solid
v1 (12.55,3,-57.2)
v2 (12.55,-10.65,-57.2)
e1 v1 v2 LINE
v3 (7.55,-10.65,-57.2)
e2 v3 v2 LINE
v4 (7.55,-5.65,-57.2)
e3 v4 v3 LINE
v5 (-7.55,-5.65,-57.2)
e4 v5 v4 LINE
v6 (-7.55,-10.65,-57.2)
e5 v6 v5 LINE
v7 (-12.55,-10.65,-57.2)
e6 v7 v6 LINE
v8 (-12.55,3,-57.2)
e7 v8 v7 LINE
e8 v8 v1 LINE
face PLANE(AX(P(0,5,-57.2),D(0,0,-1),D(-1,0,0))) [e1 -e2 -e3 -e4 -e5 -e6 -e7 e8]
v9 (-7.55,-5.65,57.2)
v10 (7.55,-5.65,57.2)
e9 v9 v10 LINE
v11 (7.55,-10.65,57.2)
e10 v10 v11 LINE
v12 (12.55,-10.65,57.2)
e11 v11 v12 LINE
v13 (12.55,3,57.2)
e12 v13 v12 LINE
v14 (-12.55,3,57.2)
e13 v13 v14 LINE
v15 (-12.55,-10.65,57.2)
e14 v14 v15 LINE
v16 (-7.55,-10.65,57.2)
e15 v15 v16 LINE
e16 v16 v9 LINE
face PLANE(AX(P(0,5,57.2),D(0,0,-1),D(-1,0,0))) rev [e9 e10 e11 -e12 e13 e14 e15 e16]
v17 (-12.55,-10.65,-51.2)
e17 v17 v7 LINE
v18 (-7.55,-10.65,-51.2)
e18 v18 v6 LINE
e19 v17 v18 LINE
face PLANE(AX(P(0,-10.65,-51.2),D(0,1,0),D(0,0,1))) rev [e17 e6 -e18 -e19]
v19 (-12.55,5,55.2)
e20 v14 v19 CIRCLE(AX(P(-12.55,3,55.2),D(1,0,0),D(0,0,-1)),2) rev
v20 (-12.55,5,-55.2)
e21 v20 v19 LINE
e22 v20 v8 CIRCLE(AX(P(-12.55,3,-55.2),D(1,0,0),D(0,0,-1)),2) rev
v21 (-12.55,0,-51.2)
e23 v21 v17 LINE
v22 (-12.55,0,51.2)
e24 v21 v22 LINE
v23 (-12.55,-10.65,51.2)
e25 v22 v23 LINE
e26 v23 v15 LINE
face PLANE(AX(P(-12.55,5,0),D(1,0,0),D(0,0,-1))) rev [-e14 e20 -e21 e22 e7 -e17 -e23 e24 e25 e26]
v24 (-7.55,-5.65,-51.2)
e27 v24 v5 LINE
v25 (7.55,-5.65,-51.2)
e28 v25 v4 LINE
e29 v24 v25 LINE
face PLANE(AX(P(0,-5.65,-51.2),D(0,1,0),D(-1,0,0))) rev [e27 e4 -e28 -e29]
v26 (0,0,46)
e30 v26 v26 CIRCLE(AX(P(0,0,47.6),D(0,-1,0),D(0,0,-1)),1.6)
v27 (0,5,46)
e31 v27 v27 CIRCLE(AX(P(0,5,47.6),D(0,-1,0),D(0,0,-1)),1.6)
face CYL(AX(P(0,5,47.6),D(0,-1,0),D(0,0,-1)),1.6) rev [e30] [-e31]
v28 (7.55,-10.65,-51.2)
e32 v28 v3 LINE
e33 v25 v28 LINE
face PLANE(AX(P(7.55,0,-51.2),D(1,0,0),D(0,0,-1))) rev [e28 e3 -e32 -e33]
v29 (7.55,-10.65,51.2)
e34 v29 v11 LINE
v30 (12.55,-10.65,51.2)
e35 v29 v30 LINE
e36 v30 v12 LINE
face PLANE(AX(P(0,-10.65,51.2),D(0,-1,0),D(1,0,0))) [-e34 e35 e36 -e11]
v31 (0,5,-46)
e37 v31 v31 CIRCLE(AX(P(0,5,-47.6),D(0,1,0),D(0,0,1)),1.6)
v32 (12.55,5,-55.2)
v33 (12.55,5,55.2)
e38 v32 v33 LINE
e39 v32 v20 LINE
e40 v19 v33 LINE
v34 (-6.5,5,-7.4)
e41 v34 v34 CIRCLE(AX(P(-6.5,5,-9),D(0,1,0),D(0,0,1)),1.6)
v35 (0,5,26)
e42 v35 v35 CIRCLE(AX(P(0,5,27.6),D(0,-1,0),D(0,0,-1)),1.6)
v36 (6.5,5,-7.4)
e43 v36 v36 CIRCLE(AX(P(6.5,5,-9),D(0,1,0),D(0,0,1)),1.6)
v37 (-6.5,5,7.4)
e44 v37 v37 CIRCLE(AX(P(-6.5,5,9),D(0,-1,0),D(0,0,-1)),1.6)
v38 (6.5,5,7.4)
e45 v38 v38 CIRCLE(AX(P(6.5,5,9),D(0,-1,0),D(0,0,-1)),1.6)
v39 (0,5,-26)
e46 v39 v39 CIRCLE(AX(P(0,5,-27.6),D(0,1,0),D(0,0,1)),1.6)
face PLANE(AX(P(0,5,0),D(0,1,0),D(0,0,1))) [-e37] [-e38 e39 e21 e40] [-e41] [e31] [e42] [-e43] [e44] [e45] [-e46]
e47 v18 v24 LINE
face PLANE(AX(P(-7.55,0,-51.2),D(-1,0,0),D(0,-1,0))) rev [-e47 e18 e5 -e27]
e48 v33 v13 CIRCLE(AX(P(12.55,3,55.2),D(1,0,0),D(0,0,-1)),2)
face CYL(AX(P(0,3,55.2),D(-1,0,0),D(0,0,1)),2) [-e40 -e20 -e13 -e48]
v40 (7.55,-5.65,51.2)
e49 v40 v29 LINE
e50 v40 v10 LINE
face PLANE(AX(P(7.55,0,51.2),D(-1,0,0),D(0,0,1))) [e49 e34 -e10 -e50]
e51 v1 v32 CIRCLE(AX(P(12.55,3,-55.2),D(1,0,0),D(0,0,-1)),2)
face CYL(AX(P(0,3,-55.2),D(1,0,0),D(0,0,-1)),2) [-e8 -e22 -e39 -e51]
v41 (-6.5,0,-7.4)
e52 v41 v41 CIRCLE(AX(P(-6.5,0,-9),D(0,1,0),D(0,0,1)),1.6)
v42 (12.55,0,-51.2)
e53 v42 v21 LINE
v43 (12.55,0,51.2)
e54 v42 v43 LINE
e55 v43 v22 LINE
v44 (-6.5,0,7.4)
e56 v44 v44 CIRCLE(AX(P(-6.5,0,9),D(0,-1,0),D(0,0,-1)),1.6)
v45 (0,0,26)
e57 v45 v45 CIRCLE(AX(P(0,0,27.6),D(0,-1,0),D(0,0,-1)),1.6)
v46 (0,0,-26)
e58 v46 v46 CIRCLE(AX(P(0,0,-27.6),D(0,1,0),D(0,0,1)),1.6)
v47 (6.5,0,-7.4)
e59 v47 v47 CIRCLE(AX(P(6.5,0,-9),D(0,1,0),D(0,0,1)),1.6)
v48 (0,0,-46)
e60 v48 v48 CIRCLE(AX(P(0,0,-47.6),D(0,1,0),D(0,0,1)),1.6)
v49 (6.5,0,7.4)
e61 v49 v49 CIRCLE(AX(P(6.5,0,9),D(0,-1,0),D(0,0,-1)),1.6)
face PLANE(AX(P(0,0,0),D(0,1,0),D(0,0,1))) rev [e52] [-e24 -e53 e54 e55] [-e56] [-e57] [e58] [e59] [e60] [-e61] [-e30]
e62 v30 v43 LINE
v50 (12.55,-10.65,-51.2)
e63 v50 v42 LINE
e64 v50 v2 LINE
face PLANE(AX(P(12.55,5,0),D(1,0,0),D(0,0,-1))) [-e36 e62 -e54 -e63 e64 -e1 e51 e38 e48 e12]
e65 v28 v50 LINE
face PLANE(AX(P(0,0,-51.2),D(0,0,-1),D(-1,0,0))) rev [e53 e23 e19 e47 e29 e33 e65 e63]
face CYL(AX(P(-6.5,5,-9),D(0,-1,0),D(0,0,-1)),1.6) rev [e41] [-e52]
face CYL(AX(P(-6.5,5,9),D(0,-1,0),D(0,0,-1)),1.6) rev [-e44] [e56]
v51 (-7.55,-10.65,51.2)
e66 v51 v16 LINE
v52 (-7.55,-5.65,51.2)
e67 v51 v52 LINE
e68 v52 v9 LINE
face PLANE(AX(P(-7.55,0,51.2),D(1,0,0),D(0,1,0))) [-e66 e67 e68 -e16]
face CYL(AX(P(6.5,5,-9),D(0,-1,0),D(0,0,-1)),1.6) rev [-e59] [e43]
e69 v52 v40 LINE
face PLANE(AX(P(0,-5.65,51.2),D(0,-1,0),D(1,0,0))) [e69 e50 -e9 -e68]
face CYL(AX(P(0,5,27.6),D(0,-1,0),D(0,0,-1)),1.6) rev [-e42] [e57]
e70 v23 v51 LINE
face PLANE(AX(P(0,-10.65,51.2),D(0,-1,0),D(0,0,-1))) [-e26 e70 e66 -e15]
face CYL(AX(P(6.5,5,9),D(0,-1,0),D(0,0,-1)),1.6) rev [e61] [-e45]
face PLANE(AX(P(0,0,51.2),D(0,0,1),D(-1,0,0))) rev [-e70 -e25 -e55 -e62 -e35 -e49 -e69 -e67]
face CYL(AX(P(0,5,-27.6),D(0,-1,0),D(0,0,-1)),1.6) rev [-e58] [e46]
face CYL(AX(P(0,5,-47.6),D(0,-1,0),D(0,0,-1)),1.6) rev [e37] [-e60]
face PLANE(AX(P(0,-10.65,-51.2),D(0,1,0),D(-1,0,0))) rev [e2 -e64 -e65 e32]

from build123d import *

# Parameters (mm, degrees)
SKETCH2_W           = 25.1
SKETCH2_H           = 57.2
SKETCH2_R           = 1.6
BOSS_EXTRUDE1_DEPTH = 5
BOSS_EXTRUDE2_DEPTH = 6
FILLET1_R           = 2


with BuildPart() as part:
    # Sketch2 → Boss-Extrude1 (new body)
    with BuildSketch(Plane(origin=(0, 0, 0), x_dir=(1, 0, 0), z_dir=(0, 1, 0))):
        with Locations((0, 28.6)):
            Rectangle(SKETCH2_W, SKETCH2_H)
        with Locations((0, 27.6)):
            Circle(SKETCH2_R, mode=Mode.SUBTRACT)
        with Locations((-6.5, 9)):
            Circle(SKETCH2_R, mode=Mode.SUBTRACT)
        with Locations((6.5, 9)):
            Circle(SKETCH2_R, mode=Mode.SUBTRACT)
        with Locations((0, 47.6)):
            Circle(SKETCH2_R, mode=Mode.SUBTRACT)
    boss_extrude1 = extrude(amount=BOSS_EXTRUDE1_DEPTH)

    # Sketch4 → Boss-Extrude2 (add)
    with BuildSketch(Plane(origin=(0, 0, -57.2), x_dir=(-1, 0, 0), z_dir=(0, 0, -1))):
        Polygon((12.55, 0), (-12.55, 0), (-12.55, -10.65), (-7.55, -10.65), (-7.55, -5.65), (7.55, -5.65), (7.55, -10.65), (12.55, -10.65), align=None)
    boss_extrude2 = extrude(amount=-BOSS_EXTRUDE2_DEPTH)

    # Mirror1: Boss-Extrude1, Boss-Extrude2 across plane
    add(boss_extrude1.mirror(Plane.XY))
    add(boss_extrude2.mirror(Plane.XY))

    # Fillet1
    fillet1_edges = [part.edges().sort_by_distance(p)[0] for p in [
        (0, 5, -57.2),
        (0, 5, 57.2),
    ]]
    fillet(fillet1_edges, radius=FILLET1_R)


solid = part.part
